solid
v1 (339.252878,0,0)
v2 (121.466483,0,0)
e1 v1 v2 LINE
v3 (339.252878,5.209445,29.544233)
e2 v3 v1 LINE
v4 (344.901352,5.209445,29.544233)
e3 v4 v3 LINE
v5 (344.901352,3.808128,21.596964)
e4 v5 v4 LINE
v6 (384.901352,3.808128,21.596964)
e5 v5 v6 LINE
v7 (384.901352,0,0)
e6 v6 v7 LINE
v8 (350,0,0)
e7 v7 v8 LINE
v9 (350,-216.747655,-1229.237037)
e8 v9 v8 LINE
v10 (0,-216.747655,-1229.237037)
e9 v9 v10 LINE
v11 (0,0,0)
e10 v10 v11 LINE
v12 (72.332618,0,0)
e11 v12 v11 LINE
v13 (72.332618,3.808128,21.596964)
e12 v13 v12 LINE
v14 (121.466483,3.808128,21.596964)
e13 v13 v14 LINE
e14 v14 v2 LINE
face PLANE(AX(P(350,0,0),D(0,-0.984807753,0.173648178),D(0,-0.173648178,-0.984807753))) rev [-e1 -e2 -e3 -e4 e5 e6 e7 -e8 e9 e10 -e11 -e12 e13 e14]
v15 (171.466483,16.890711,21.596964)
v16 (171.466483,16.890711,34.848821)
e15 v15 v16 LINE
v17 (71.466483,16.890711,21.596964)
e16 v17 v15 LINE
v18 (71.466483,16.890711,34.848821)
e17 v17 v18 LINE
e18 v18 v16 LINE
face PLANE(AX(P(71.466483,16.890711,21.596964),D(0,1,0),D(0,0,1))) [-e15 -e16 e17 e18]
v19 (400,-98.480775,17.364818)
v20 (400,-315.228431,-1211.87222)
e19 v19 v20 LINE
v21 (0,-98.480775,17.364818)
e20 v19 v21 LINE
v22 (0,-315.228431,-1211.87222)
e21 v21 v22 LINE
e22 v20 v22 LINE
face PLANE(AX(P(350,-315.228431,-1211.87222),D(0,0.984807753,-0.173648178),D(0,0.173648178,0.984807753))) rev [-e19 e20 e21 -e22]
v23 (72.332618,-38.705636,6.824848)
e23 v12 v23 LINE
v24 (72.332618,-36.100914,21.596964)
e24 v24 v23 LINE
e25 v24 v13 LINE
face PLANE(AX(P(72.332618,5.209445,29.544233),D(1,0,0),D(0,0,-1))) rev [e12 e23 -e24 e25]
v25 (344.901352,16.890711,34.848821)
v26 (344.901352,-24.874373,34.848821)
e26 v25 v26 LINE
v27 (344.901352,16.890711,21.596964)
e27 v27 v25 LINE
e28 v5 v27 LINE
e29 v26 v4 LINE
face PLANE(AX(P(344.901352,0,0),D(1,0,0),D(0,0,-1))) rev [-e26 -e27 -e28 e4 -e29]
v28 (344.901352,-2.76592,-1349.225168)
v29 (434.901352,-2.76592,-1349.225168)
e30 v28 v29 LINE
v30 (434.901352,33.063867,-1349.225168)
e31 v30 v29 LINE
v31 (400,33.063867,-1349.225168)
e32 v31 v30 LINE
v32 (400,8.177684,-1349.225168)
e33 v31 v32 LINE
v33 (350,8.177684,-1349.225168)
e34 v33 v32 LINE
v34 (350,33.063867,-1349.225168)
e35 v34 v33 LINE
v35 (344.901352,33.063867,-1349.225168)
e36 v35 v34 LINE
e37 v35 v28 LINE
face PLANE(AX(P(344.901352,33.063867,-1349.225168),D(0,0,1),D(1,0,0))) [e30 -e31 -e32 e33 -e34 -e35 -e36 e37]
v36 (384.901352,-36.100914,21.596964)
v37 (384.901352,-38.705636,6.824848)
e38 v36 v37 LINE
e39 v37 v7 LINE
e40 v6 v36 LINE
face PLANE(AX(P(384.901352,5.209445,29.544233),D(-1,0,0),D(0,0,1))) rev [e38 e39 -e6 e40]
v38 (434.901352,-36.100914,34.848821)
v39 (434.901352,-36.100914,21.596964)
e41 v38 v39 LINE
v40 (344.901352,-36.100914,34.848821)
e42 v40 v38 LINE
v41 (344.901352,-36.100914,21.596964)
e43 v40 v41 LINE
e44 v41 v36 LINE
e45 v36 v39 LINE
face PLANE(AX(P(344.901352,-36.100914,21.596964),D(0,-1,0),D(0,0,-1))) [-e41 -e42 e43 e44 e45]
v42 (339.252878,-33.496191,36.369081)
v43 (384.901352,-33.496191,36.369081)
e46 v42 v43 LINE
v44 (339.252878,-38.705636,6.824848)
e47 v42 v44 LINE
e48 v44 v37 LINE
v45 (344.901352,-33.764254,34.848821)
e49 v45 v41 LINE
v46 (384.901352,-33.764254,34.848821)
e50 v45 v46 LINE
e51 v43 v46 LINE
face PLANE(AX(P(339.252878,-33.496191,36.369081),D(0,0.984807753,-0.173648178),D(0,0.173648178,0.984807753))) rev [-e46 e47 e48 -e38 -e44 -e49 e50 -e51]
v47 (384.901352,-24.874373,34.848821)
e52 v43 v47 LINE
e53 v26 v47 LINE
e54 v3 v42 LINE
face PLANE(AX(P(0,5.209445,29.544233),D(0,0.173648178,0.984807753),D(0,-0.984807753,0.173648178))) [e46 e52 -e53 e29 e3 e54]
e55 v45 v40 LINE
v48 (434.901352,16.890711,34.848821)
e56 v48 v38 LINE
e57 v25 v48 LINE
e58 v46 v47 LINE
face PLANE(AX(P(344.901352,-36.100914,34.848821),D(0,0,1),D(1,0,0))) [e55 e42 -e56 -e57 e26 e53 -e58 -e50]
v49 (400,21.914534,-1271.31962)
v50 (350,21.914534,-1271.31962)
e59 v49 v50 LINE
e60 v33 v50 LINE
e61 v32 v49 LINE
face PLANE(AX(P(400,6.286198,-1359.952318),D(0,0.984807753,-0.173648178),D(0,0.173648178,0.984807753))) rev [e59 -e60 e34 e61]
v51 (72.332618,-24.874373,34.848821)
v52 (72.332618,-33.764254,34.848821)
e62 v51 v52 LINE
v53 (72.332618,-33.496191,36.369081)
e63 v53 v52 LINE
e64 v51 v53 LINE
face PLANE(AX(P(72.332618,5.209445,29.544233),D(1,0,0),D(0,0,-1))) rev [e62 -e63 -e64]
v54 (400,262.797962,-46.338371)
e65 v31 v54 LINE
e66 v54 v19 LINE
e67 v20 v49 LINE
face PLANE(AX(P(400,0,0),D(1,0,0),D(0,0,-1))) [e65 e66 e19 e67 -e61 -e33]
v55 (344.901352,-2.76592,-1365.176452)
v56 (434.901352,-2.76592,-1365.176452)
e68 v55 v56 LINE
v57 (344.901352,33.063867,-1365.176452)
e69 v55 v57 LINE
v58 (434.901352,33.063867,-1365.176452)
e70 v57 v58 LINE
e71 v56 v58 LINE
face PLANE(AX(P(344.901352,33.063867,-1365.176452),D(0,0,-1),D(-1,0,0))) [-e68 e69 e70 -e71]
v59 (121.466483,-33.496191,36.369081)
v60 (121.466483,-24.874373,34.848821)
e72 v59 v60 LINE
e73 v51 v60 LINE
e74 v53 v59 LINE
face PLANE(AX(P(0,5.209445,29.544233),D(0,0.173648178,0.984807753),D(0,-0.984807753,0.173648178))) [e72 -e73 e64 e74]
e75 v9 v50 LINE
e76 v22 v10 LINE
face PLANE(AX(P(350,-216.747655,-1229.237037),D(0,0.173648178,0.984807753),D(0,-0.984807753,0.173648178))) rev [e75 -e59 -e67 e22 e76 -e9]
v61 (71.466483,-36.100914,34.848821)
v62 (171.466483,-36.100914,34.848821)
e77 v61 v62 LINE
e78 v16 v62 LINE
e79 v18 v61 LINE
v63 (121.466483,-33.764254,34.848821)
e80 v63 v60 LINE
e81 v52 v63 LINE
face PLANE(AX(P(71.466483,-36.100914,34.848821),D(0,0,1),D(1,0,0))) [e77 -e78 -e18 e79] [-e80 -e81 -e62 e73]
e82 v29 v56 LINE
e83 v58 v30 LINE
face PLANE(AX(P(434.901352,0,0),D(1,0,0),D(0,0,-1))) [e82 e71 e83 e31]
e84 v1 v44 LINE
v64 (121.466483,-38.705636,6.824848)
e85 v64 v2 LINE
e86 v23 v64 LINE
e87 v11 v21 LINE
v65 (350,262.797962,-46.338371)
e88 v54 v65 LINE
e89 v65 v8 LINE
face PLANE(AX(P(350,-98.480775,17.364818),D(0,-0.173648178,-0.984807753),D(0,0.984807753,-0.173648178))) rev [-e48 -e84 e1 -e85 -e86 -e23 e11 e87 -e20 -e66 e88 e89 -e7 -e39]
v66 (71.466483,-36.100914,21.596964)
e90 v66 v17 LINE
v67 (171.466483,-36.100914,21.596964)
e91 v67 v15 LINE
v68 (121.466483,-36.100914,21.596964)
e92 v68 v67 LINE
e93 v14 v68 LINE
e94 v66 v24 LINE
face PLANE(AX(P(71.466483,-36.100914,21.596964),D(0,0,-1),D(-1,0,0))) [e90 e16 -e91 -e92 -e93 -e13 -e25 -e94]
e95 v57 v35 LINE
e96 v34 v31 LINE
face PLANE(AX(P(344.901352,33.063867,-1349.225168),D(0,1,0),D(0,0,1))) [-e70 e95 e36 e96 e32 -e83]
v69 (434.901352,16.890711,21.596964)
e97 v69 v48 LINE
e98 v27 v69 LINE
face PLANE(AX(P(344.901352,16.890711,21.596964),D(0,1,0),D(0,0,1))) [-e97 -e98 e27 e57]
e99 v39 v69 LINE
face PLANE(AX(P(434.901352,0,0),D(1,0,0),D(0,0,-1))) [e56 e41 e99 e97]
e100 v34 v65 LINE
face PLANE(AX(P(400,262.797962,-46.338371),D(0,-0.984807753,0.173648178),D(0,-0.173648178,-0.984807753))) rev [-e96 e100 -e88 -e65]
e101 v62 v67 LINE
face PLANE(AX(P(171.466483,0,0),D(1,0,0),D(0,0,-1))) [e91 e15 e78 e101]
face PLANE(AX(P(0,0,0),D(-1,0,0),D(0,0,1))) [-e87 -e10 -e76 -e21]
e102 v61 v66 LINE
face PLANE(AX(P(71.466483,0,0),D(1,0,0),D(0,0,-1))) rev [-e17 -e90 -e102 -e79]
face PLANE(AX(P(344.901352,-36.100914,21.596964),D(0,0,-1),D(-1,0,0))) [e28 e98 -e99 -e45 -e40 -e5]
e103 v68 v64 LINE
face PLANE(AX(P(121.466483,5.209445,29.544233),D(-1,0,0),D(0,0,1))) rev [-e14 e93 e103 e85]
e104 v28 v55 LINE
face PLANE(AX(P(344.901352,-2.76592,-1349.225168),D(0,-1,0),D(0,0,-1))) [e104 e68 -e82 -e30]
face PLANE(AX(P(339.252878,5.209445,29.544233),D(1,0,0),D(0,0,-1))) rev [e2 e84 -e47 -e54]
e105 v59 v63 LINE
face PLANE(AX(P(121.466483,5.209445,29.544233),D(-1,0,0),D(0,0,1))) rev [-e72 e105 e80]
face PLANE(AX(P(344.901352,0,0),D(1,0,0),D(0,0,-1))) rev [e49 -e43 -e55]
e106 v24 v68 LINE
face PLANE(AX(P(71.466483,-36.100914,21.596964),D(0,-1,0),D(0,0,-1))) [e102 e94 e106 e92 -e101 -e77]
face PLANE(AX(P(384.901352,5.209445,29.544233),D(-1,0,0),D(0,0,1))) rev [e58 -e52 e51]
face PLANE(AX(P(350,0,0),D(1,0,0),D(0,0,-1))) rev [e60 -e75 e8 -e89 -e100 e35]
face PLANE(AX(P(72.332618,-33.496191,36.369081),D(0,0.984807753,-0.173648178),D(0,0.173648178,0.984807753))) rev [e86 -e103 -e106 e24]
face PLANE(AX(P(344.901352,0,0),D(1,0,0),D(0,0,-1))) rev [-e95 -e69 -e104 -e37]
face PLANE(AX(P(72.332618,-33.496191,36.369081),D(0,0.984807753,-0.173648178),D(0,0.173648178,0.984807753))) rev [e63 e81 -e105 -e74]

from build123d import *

# Parameters (mm, degrees)
BOSS_EXTRUDE1_DEPTH      = 350
BOSS_EXTRUDE2_DEPTH      = 50
SKETCH3_W                = 50
SKETCH3_H                = 24.508106186
BOSS_EXTRUDE3_DEPTH      = 90
SKETCH4_W                = 49.133865319
SKETCH4_H                = 39.302733228
SKETCH4_W_2              = 45.648473343
BOSS_EXTRUDE4_DEPTH      = 30
BOSS_EXTRUDE5_DEPTH      = 50
BOSS_EXTRUDE5_DEPTH_BACK = 40
SKETCH5_W                = 13.251857059
SKETCH5_H                = 52.991624954
SKETCH5_W_2              = 15.951284084
SKETCH5_H_2              = 35.82978704
BOSS_EXTRUDE6_DEPTH      = 50
BOSS_EXTRUDE6_DEPTH_BACK = 50
SKETCH6_W                = 13.251857059
SKETCH6_H                = 52.991624954


with BuildPart() as part:
    # Sketch1 → Boss-Extrude1 (new body)
    with BuildSketch(Plane(origin=(0, 0, 0), x_dir=(0, 0, -1), z_dir=(1, 0, 0))):
        Polygon((0, 0), (1229.23703731, -216.747655364), (1211.872219543, -315.228430665), (-17.364817767, -98.480775301), align=None)
    extrude(amount=BOSS_EXTRUDE1_DEPTH)

    # Sketch2 → Boss-Extrude2 (add)
    with BuildSketch(Plane(origin=(350, 0, 0), x_dir=(0, 0, -1), z_dir=(1, 0, 0))):
        Polygon((-17.364817767, -98.480775301), (46.338371166, 262.797961946), (1275.575408476, 46.050306583), (1211.872219543, -315.228430665), align=None)
    extrude(amount=BOSS_EXTRUDE2_DEPTH)

    # Sketch3 → Boss-Extrude3 (add)
    with BuildSketch(Plane(origin=(0, -216.747655364, -1229.23703731), x_dir=(-1, 0, 0), z_dir=(0, -0.17364817766693216, -0.9848077530122078))):
        with Locations((-375, 254.597991017)):
            Rectangle(SKETCH3_W, SKETCH3_H)
    extrude(amount=BOSS_EXTRUDE3_DEPTH)

    # Sketch4 → Boss-Extrude4 (add)
    with BuildSketch(Plane(origin=(0, 0, 0), x_dir=(1, 0, 0), z_dir=(0, 0.17364817766693608, 0.9848077530122071))):
        with Locations((96.899550705, -19.651366614)):
            Rectangle(SKETCH4_W, SKETCH4_H)
        with Locations((362.077115008, -19.651366614)):
            Rectangle(SKETCH4_W_2, SKETCH4_H)
    extrude(amount=BOSS_EXTRUDE4_DEPTH)

    # Sketch5 → Boss-Extrude5 (add, two sides: drawn at the far end of the back side and taken through both)
    with BuildSketch(Plane(origin=(384.901351679, 0, 0), x_dir=(0, 0, -1), z_dir=(1, 0, 0)).offset(-BOSS_EXTRUDE5_DEPTH_BACK)):
        with Locations((-28.222892828, -9.605101255)):
            Rectangle(SKETCH5_W, SKETCH5_H)
        with Locations((1357.200809648, 15.148973405)):
            Rectangle(SKETCH5_W_2, SKETCH5_H_2)
    extrude(amount=BOSS_EXTRUDE5_DEPTH + BOSS_EXTRUDE5_DEPTH_BACK)

    # Sketch6 → Boss-Extrude6 (add, two sides: drawn at the far end of the back side and taken through both)
    with BuildSketch(Plane(origin=(121.466483364, 0, 0), x_dir=(0, 0, -1), z_dir=(1, 0, 0)).offset(-BOSS_EXTRUDE6_DEPTH_BACK)):
        with Locations((-28.222892828, -9.605101255)):
            Rectangle(SKETCH6_W, SKETCH6_H)
    extrude(amount=BOSS_EXTRUDE6_DEPTH + BOSS_EXTRUDE6_DEPTH_BACK)


solid = part.part
